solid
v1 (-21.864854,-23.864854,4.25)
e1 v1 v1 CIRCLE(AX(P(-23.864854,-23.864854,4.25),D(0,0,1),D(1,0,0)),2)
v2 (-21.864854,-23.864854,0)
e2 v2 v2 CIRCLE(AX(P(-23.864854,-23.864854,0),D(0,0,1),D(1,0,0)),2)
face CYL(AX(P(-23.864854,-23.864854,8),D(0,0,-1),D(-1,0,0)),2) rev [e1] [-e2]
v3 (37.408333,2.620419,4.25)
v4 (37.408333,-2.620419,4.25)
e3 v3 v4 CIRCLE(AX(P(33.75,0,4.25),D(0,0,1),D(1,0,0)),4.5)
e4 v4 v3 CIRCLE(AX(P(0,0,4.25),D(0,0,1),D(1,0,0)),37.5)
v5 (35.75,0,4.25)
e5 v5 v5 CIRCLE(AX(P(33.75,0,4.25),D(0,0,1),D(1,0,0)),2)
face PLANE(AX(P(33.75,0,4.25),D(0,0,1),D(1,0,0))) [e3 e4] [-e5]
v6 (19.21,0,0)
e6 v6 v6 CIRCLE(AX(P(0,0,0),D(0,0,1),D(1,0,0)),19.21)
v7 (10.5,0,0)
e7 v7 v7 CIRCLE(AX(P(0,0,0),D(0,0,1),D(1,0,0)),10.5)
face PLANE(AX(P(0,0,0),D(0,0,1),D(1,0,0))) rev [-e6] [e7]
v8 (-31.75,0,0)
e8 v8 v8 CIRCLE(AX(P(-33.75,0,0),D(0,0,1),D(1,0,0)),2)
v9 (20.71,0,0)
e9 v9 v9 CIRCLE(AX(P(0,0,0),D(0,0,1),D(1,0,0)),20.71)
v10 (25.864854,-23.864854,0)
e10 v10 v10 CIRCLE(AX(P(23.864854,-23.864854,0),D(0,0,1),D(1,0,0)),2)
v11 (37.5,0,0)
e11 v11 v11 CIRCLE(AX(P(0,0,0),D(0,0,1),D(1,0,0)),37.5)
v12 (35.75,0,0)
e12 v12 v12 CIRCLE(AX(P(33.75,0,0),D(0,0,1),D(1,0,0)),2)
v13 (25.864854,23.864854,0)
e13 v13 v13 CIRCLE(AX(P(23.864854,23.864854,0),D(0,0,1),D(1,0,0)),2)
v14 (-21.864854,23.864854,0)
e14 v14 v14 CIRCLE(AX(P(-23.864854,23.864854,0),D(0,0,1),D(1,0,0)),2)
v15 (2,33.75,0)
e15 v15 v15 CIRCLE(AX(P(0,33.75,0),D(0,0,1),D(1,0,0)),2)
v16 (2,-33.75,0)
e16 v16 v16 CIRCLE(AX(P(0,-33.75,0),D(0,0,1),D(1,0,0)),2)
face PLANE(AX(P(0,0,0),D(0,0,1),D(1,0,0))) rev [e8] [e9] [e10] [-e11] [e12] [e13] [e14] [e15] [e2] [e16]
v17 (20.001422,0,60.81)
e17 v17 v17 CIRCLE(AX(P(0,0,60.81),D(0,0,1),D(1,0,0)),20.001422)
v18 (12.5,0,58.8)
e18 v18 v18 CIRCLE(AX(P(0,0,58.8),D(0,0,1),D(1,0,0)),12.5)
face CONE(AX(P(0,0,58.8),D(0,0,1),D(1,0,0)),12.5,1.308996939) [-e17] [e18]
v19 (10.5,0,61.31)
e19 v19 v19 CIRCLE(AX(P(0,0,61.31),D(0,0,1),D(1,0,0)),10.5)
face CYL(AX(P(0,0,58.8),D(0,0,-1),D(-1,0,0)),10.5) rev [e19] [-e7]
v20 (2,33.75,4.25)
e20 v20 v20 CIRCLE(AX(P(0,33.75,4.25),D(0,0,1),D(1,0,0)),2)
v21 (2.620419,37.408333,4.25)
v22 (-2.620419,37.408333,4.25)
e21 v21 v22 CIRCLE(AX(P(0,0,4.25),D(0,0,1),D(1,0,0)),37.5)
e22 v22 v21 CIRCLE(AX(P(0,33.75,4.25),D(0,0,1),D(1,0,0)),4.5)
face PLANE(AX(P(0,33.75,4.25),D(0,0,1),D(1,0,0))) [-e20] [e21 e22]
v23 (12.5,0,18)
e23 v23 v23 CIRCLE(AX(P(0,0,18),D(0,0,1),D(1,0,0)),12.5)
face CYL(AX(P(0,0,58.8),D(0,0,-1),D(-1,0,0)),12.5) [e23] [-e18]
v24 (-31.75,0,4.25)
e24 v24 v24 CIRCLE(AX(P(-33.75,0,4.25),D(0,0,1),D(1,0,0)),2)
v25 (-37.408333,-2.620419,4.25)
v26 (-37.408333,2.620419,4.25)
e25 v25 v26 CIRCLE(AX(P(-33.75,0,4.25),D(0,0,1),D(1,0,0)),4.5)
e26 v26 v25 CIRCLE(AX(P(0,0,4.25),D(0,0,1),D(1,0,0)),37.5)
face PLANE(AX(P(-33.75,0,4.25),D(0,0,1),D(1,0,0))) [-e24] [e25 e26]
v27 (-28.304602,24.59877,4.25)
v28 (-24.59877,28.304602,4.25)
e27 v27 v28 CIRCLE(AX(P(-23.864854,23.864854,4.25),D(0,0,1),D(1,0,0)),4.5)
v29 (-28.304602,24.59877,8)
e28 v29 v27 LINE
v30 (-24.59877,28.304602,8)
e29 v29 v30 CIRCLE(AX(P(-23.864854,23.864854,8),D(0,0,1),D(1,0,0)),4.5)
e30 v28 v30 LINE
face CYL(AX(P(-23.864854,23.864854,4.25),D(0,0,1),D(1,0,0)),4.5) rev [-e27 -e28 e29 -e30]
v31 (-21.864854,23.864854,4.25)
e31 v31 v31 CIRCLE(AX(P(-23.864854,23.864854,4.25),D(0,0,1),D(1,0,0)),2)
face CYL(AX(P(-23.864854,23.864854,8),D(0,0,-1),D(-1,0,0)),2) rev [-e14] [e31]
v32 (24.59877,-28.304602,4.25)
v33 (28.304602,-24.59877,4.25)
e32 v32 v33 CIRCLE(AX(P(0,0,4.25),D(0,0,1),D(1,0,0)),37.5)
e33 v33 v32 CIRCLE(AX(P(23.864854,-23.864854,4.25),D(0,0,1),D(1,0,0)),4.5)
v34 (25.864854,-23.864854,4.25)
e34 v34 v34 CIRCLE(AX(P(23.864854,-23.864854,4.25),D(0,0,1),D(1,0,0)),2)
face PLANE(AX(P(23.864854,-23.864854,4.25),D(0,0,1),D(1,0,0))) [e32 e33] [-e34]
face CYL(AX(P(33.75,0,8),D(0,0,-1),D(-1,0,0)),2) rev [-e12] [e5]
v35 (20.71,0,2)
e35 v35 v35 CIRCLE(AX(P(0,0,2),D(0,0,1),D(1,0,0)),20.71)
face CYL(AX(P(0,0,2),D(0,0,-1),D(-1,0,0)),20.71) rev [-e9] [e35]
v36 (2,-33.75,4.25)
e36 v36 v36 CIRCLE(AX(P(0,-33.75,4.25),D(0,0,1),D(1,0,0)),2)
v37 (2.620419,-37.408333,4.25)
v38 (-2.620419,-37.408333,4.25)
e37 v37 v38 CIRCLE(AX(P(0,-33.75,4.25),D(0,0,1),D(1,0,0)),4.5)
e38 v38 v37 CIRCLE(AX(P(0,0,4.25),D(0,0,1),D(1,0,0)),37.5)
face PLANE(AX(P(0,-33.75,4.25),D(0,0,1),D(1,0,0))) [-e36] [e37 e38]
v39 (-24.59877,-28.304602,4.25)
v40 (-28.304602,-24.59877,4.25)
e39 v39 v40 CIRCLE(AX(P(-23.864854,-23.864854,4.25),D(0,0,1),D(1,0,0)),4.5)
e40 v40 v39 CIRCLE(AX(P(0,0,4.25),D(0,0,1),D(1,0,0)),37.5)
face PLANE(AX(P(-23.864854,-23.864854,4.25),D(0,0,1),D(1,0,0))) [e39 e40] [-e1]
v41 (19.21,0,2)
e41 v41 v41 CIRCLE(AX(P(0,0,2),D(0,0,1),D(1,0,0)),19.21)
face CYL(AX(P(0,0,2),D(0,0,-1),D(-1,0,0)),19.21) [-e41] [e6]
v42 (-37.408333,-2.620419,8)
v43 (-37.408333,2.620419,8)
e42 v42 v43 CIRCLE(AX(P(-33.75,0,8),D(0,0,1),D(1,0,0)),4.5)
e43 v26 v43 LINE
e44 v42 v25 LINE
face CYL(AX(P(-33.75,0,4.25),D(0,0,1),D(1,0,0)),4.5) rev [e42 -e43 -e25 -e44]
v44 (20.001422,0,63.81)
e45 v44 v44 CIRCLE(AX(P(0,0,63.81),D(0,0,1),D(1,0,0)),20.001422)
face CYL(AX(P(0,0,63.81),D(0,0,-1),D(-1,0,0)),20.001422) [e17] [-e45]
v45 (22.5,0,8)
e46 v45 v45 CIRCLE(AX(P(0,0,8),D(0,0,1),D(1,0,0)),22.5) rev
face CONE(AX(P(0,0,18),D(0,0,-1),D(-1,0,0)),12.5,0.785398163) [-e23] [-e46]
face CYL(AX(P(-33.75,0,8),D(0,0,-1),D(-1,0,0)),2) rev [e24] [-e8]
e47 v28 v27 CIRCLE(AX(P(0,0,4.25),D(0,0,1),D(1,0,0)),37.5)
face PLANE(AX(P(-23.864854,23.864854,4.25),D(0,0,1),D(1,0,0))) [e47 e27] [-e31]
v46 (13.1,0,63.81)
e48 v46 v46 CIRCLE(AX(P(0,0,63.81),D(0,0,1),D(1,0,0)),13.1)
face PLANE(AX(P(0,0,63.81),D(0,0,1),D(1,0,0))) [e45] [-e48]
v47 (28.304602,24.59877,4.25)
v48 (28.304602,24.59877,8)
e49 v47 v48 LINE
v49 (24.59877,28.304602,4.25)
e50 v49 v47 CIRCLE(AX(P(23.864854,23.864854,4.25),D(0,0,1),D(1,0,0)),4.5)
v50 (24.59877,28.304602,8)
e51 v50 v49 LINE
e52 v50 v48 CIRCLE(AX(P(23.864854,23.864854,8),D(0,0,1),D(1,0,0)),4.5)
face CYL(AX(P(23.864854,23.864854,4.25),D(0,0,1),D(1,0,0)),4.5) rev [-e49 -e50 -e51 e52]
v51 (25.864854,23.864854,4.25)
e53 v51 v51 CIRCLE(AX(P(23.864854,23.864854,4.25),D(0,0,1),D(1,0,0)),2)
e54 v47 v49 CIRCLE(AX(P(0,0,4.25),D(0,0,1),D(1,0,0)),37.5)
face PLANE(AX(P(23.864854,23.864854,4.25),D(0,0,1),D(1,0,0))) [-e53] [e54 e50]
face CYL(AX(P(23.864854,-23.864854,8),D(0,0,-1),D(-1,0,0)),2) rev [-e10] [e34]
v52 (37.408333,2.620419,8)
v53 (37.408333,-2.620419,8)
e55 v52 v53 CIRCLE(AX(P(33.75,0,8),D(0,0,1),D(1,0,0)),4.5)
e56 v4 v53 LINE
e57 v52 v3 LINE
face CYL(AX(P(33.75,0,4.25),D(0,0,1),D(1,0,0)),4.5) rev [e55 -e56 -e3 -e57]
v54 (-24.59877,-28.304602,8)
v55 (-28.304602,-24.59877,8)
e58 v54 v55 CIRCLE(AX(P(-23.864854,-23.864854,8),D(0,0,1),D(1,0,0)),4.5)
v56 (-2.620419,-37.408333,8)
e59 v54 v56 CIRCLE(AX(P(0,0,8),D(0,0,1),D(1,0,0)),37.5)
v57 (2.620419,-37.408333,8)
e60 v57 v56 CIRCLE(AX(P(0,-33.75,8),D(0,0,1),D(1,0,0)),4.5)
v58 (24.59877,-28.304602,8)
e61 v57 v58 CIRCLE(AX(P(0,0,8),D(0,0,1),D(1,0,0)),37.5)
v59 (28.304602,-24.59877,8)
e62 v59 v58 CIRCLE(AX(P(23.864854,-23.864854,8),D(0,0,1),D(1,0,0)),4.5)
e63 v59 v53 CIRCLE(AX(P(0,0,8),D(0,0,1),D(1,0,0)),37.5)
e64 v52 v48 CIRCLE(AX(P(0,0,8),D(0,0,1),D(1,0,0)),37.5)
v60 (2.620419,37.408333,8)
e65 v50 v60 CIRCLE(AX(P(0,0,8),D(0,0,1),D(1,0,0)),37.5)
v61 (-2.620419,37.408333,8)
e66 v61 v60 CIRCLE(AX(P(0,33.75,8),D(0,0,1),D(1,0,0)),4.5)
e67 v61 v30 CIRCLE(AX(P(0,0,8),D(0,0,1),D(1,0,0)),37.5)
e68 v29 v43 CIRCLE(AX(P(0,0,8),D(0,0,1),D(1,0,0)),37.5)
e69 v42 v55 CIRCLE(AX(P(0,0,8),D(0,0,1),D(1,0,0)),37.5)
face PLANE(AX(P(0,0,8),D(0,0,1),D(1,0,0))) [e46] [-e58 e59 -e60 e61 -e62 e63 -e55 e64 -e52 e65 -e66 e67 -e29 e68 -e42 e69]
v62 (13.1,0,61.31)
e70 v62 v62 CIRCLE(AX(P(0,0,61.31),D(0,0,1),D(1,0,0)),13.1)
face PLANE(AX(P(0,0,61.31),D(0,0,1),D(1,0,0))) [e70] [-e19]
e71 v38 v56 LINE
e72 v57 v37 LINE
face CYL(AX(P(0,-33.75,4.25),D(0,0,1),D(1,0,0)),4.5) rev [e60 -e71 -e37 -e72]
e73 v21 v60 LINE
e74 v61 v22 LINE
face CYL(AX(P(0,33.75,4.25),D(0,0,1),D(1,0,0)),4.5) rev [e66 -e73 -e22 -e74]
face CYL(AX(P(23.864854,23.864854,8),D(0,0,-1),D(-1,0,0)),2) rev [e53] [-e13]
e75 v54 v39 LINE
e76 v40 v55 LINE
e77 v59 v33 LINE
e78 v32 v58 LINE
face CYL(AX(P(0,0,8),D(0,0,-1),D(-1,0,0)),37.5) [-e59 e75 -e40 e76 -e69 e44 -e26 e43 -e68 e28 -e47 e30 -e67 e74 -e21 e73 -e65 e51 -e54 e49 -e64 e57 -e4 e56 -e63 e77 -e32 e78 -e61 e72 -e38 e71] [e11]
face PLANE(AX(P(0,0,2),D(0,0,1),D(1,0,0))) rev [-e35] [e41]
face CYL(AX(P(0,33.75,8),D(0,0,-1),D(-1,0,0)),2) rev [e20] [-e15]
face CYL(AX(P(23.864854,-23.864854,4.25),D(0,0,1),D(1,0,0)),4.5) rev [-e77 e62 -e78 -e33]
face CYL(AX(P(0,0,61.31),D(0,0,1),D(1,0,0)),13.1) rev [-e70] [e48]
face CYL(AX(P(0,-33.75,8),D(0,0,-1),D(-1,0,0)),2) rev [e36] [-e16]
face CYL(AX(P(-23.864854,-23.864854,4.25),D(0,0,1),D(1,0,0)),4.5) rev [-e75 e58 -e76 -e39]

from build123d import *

# Parameters (mm, degrees)
SKETCH2_R           = 37.5
SKETCH2_R_2         = 5.35
BOSS_EXTRUDE2_DEPTH = 8
SKETCH14_R          = 2
CUT_EXTRUDE6_DEPTH  = 54.633012222
SKETCH3_R           = 20.71
SKETCH3_R_2         = 19.21
CUT_EXTRUDE2_DEPTH  = 2
SKETCH7_R           = 12.5
SKETCH7_R_2         = 10.5
BOSS_EXTRUDE4_DEPTH = 50.8
SKETCH10_R          = 12.5
BOSS_EXTRUDE5_DEPTH = 2.01
BOSS_EXTRUDE5_DRAFT = -75
SKETCH11_R          = 10.5
CUT_EXTRUDE3_DEPTH  = 81.686777727
BOSS_EXTRUDE6_START = 3
SKETCH12_R          = 20.001422123
SKETCH12_R_2        = 10.5
BOSS_EXTRUDE6_DEPTH = 3
SKETCH13_R          = 13.1
CUT_EXTRUDE4_DEPTH  = 2.5
CHAMFER1_SIZE       = 10
SKETCH17_R          = 4.5
CUT_EXTRUDE8_DEPTH  = 3.75


with BuildPart() as part:
    # Sketch2 → Boss-Extrude2 (new body)
    with BuildSketch(Plane.XY):
        Circle(SKETCH2_R)
        Circle(SKETCH2_R_2, mode=Mode.SUBTRACT)
    extrude(amount=BOSS_EXTRUDE2_DEPTH)

    # Sketch14 → Cut-Extrude6 (cut, through all)
    with BuildSketch(Plane.XY):
        with Locations((0, 33.75)):
            Circle(SKETCH14_R)
        with Locations((-23.864853865, 23.864853865)):
            Circle(SKETCH14_R)
        with Locations((-33.75, 0)):
            Circle(SKETCH14_R)
        with Locations((-23.864853865, -23.864853865)):
            Circle(SKETCH14_R)
        with Locations((0, -33.75)):
            Circle(SKETCH14_R)
        with Locations((23.864853865, -23.864853865)):
            Circle(SKETCH14_R)
        with Locations((33.75, 0)):
            Circle(SKETCH14_R)
        with Locations((23.864853865, 23.864853865)):
            Circle(SKETCH14_R)
    extrude(amount=CUT_EXTRUDE6_DEPTH, mode=Mode.SUBTRACT)

    # Sketch3 → Cut-Extrude2 (cut)
    with BuildSketch(Plane.XY):
        Circle(SKETCH3_R)
        Circle(SKETCH3_R_2, mode=Mode.SUBTRACT)
    extrude(amount=CUT_EXTRUDE2_DEPTH, mode=Mode.SUBTRACT)

    # Sketch7 → Boss-Extrude4 (add)
    with BuildSketch(Plane.XY.offset(8)):
        Circle(SKETCH7_R)
        Circle(SKETCH7_R_2, mode=Mode.SUBTRACT)
    extrude(amount=BOSS_EXTRUDE4_DEPTH)


with BuildPart() as boss_extrude5_tool:
    # Sketch10 → Boss-Extrude5 (with draft: the straight prism first)
    with BuildSketch(Plane.XY.offset(58.8)):
        Circle(SKETCH10_R)
    extrude(amount=BOSS_EXTRUDE5_DEPTH)
    # Boss-Extrude5: the draft: its side faces are tilted about the plane it starts from
    boss_extrude5_sides = [boss_extrude5_tool.faces().sort_by_distance(p)[0] for p in [
        (-12.5, 0, 59.805),
    ]]
    draft(boss_extrude5_sides, Plane.XY.offset(58.8), BOSS_EXTRUDE5_DRAFT)


with BuildPart() as part_1:
    add(part.part)

    # Boss-Extrude5: add boss_extrude5_tool
    add(boss_extrude5_tool.part)

    # Sketch11 → Cut-Extrude3 (cut, through all)
    with BuildSketch(Plane.XY.offset(60.81)):
        Circle(SKETCH11_R)
    extrude(amount=-CUT_EXTRUDE3_DEPTH, mode=Mode.SUBTRACT)

    # Sketch12 → Boss-Extrude6 (add)
    with BuildSketch(Plane.XY.offset(60.81).offset(BOSS_EXTRUDE6_START)):
        Circle(SKETCH12_R)
        Circle(SKETCH12_R_2, mode=Mode.SUBTRACT)
    extrude(amount=-BOSS_EXTRUDE6_DEPTH)

    # Sketch13 → Cut-Extrude4 (cut)
    with BuildSketch(Plane.XY.offset(63.81)):
        Circle(SKETCH13_R)
    extrude(amount=-CUT_EXTRUDE4_DEPTH, mode=Mode.SUBTRACT)

    # Chamfer1
    chamfer1_edges = [part_1.edges().sort_by_distance(p)[0] for p in [
        (-12.5, 0, 8),
    ]]
    chamfer(chamfer1_edges, length=CHAMFER1_SIZE)

    # Sketch17 → Cut-Extrude8 (cut)
    with BuildSketch(Plane.XY.offset(8)):
        with Locations((-23.864853865, 23.864853865)):
            Circle(SKETCH17_R)
        with Locations((-33.75, 0)):
            Circle(SKETCH17_R)
        with Locations((0, 33.75)):
            Circle(SKETCH17_R)
        with Locations((23.864853865, 23.864853865)):
            Circle(SKETCH17_R)
        with Locations((33.75, 0)):
            Circle(SKETCH17_R)
        with Locations((23.864853865, -23.864853865)):
            Circle(SKETCH17_R)
        with Locations((0, -33.75)):
            Circle(SKETCH17_R)
        with Locations((-23.864853865, -23.864853865)):
            Circle(SKETCH17_R)
    extrude(amount=-CUT_EXTRUDE8_DEPTH, mode=Mode.SUBTRACT)


solid = part_1.part
